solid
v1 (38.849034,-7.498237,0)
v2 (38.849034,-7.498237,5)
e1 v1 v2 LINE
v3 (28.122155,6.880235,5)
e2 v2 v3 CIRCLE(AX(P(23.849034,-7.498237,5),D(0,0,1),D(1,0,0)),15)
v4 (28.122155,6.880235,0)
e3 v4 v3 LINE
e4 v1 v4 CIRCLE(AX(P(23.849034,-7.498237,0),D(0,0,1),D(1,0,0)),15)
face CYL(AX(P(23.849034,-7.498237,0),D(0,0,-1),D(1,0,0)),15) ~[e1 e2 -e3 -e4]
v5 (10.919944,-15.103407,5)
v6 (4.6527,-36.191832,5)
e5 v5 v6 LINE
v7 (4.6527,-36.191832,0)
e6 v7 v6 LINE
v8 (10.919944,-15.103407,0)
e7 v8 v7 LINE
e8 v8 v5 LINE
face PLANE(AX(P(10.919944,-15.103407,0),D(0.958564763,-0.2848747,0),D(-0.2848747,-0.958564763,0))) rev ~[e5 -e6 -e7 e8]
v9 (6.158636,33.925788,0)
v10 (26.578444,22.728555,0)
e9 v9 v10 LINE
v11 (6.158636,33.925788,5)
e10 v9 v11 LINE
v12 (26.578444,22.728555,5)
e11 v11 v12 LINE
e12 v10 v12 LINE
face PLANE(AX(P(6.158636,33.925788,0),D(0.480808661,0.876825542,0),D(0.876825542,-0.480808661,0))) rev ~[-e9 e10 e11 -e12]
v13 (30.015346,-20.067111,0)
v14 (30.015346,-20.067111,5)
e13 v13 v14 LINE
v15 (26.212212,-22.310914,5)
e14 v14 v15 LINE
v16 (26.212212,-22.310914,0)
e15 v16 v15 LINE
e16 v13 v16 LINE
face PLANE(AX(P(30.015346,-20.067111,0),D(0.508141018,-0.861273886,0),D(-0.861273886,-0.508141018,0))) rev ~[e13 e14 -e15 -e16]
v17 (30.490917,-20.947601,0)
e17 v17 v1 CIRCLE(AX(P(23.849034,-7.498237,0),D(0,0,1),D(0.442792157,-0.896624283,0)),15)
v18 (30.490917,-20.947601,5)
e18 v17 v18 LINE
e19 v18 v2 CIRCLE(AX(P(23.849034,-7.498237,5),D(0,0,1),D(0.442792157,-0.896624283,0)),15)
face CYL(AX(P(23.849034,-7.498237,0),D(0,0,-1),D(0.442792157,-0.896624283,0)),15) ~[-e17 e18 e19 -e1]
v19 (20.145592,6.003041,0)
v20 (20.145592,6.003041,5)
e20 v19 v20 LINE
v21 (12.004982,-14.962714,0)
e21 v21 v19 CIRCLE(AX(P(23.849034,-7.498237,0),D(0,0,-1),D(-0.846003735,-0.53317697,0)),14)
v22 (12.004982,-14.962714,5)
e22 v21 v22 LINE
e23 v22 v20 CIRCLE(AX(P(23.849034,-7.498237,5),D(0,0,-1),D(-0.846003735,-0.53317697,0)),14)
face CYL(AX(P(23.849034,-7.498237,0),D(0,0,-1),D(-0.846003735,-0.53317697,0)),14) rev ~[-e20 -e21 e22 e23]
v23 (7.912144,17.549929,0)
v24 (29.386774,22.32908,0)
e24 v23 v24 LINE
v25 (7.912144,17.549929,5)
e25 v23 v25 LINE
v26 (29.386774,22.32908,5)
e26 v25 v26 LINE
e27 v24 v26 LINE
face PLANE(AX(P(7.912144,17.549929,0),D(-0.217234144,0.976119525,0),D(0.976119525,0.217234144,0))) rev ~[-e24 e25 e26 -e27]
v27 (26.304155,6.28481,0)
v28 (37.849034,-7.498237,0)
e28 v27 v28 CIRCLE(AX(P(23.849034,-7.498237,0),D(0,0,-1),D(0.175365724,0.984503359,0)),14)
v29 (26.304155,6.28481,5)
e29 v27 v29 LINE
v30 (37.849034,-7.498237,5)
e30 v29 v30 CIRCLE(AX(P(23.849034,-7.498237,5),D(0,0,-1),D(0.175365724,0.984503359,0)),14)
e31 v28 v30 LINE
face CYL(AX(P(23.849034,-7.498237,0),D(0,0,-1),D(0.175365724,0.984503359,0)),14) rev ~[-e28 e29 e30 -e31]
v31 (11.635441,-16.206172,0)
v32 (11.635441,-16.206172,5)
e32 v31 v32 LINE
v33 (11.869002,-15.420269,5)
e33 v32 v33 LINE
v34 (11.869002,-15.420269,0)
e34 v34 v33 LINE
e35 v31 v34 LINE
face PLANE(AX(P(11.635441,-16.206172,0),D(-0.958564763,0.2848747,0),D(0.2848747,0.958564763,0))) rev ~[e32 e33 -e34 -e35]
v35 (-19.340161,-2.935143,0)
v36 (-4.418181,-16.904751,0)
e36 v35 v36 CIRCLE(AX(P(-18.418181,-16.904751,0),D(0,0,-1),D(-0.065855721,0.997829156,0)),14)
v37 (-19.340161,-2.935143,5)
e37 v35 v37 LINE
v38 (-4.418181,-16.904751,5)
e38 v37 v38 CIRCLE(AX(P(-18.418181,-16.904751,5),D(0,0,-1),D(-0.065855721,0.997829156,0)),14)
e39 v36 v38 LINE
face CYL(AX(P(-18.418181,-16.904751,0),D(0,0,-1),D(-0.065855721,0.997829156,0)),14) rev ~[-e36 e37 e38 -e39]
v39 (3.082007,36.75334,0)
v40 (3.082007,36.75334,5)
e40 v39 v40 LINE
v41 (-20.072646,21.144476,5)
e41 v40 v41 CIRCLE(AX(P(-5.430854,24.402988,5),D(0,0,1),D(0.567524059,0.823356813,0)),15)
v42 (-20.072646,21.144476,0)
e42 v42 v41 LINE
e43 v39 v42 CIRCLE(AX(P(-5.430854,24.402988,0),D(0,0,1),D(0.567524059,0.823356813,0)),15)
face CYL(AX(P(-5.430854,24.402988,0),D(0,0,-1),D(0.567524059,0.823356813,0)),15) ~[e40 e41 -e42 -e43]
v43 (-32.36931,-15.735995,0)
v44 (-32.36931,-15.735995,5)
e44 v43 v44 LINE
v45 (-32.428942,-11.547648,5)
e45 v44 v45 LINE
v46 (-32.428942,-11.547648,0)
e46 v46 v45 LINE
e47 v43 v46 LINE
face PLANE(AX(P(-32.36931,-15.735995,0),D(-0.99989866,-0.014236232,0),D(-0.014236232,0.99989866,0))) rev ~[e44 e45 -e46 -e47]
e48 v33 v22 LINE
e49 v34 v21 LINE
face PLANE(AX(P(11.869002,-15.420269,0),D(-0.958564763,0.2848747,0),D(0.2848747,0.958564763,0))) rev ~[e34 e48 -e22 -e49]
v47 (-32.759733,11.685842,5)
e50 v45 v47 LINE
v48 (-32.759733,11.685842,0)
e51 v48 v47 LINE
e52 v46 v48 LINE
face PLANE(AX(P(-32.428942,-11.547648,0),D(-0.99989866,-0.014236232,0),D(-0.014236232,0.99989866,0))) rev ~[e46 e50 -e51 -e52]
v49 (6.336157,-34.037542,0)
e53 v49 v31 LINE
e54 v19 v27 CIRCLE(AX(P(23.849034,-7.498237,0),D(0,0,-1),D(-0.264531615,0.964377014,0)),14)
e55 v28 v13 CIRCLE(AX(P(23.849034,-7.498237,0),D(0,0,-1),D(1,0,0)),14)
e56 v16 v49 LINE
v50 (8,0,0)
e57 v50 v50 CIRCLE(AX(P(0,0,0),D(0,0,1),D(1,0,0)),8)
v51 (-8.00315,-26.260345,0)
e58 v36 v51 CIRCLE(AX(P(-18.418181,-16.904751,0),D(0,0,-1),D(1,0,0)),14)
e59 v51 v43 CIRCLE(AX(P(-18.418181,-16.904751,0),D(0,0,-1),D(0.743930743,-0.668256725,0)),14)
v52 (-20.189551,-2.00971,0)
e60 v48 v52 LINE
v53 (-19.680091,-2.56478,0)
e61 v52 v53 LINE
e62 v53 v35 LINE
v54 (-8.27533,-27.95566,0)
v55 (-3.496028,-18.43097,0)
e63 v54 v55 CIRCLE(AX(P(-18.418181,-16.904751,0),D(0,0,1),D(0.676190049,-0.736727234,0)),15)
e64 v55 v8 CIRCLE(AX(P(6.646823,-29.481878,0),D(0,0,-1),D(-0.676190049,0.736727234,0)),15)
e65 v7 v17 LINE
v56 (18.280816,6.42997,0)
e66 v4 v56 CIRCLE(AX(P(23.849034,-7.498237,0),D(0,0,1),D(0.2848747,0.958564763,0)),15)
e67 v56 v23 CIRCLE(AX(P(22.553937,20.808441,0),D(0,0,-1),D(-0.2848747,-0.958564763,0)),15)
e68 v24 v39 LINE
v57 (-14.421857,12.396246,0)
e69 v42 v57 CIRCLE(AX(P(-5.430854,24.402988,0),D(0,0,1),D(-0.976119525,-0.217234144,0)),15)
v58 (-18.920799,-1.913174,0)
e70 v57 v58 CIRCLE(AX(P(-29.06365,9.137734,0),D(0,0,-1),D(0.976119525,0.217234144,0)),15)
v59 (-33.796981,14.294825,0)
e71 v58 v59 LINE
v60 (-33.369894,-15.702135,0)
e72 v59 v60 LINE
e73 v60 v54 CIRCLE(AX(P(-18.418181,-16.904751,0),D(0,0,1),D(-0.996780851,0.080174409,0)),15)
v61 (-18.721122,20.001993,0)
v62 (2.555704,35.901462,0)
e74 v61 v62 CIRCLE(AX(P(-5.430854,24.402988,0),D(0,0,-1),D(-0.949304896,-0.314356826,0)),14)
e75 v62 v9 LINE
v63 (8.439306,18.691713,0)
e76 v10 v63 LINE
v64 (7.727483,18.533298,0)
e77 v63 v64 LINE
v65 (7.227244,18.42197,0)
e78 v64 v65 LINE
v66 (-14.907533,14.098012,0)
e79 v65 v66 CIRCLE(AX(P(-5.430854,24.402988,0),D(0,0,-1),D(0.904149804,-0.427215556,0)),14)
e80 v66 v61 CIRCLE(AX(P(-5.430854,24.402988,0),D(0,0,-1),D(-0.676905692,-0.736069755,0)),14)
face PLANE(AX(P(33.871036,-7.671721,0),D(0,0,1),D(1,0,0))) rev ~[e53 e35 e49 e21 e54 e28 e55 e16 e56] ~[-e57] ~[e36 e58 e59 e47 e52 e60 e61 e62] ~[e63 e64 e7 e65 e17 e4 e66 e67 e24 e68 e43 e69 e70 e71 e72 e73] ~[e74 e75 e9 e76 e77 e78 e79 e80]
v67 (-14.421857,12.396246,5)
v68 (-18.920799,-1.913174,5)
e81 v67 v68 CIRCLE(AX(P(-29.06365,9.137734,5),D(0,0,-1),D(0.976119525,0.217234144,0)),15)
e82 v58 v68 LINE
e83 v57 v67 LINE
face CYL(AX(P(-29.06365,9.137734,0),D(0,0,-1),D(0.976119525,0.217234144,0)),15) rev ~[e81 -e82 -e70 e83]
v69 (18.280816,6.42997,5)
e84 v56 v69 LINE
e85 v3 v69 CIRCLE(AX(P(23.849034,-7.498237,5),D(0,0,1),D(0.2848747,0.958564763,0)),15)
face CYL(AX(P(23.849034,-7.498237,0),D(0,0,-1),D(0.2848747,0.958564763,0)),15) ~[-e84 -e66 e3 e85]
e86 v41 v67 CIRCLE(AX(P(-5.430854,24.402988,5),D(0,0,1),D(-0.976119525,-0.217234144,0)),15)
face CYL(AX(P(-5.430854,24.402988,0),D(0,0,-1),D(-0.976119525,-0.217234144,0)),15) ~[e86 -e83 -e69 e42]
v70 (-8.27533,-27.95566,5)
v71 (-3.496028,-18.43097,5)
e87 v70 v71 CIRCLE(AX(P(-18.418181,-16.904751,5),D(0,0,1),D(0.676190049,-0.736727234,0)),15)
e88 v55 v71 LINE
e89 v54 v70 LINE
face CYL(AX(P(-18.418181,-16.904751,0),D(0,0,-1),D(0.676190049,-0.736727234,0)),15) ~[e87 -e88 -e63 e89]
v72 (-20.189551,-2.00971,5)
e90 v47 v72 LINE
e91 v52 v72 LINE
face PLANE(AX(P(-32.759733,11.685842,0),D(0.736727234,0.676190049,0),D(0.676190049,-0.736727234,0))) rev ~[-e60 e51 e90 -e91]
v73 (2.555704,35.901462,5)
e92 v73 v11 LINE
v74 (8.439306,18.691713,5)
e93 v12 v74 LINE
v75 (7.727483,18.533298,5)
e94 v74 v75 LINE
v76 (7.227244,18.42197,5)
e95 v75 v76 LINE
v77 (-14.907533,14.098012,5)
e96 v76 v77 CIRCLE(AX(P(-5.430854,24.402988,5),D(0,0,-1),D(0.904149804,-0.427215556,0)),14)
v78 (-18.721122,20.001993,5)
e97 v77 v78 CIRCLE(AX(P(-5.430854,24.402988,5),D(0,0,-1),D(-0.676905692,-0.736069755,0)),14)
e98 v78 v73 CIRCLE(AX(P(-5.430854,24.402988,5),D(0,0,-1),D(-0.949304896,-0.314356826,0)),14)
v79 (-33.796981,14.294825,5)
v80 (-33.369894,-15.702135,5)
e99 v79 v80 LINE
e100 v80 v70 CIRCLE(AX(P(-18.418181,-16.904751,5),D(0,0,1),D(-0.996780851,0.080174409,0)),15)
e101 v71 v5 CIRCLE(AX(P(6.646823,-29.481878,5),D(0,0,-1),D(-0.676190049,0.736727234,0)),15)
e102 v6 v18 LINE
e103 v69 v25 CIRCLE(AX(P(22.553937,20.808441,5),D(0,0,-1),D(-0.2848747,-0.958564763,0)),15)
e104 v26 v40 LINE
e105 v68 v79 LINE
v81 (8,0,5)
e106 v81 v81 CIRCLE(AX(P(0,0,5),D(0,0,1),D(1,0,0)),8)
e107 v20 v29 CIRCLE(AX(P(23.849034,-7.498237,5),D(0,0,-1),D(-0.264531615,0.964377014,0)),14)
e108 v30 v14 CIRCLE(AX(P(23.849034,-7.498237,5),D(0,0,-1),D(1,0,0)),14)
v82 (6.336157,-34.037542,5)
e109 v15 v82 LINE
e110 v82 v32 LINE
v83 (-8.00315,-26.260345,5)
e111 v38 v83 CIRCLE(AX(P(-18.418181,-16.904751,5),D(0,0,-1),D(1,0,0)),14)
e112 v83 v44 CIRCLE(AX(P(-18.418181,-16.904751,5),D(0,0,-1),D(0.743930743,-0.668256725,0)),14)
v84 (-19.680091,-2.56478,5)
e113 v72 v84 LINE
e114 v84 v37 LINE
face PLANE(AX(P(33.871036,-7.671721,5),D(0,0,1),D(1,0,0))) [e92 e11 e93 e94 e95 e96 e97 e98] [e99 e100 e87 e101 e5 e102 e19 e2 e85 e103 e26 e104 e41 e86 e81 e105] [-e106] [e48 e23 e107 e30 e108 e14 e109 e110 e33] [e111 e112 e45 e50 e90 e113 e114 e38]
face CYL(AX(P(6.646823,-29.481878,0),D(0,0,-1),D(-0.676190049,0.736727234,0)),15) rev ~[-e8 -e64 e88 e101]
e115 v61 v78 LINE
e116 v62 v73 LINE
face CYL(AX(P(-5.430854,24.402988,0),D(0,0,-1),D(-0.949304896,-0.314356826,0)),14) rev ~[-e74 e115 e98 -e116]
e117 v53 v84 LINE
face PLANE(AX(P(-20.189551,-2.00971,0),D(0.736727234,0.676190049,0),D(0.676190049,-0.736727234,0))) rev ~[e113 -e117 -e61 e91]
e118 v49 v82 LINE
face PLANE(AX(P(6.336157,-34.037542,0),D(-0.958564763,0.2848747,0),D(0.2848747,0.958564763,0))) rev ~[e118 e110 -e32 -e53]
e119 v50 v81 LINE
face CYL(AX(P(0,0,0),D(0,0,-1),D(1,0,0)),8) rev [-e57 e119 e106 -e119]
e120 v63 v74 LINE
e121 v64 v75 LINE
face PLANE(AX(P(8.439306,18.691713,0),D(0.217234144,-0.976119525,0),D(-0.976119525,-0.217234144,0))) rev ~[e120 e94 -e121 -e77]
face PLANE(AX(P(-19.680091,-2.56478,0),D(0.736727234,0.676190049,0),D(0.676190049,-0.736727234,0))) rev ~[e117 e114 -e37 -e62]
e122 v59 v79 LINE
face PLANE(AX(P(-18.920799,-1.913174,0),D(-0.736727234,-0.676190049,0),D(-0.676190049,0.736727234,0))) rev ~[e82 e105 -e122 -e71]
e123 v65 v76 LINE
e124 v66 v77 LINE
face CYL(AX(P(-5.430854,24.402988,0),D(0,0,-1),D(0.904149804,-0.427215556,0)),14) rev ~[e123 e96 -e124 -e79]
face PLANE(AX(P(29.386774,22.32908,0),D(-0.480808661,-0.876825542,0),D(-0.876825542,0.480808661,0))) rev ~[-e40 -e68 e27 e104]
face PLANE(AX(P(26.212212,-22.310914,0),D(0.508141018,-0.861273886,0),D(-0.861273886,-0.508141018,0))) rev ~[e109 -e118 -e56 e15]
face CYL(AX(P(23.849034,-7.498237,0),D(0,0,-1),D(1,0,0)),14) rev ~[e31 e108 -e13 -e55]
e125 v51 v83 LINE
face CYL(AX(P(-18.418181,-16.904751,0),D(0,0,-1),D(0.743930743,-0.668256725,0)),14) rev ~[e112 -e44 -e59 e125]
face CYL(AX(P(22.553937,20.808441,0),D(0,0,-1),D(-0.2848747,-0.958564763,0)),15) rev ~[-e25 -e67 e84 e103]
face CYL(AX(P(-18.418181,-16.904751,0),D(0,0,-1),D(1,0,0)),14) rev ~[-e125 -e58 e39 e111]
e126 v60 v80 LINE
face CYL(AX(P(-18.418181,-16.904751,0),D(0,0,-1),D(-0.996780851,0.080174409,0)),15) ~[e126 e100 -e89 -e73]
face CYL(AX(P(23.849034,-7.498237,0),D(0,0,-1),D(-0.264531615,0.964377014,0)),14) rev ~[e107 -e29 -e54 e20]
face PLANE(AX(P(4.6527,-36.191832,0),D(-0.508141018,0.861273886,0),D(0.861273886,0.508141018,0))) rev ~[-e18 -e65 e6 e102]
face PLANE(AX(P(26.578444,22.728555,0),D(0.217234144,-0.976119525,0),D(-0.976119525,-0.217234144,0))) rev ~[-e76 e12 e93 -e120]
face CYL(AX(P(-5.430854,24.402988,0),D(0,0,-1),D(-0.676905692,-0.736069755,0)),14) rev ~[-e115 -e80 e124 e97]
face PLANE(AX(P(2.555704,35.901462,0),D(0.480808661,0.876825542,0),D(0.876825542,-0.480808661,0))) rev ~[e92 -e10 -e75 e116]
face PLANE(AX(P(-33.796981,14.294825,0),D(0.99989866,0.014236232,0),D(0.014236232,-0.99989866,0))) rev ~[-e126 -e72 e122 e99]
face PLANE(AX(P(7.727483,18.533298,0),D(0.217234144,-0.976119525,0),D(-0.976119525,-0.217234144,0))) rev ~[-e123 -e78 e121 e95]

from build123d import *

# Parameters (mm, degrees)
F0_R     = 8
F1_DEPTH = 5


with BuildPart() as f1:
    # F0 (on Top) → F1 (new body)
    with BuildSketch(Plane.XY):
        with BuildLine():
            ThreePointArc((38.8490344373, -7.4982368866), (35.8718628785, 1.471244496), (28.1221549341, 6.8802345627))
            ThreePointArc((28.1221549341, 6.8802345627), (27.2226565904, 6.5535105265), (26.3041545683, 6.2848101329))
            ThreePointArc((26.3041545683, 6.2848101329), (34.5815011117, 1.4914326892), (37.8490344373, -7.4982368866))
            ThreePointArc((37.8490344373, -7.4982368866), (35.7302878123, -14.9033579686), (30.0153461175, -20.0671111506))
            Line((30.0153461175, -20.0671111506), (26.2122119316, -22.3109136241))
            ThreePointArc((26.2122119316, -22.3109136241), (28.4028713862, -21.790282543), (30.4909167926, -20.9476011385))
            ThreePointArc((30.4909167926, -20.9476011385), (36.5892902301, -15.41567854), (38.8490344373, -7.4982368866))
        make_face()
        with BuildLine():
            ThreePointArc((11.6354406408, -16.2061715771), (11.2656060513, -15.6626309275), (10.919943616, -15.1034068738))
            Line((10.919943616, -15.1034068738), (4.6527002207, -36.1918316662))
            Line((4.6527002207, -36.1918316662), (30.4909167926, -20.9476011385))
            ThreePointArc((30.4909167926, -20.9476011385), (28.4028713862, -21.790282543), (26.2122119316, -22.3109136241))
            Line((26.2122119316, -22.3109136241), (6.3361573488, -34.0375417836))
            Line((6.3361573488, -34.0375417836), (11.6354406408, -16.2061715771))
        make_face()
        with BuildLine():
            ThreePointArc((28.1221549341, 6.8802345627), (23.1634660922, 7.4860881247), (18.2808163885, 6.4299700246))
            ThreePointArc((18.2808163885, 6.4299700246), (19.2063911412, 6.1867474035), (20.1455918313, 6.0030413071))
            ThreePointArc((20.1455918313, 6.0030413071), (23.2091706485, 6.4871331239), (26.3041545683, 6.2848101329))
            ThreePointArc((26.3041545683, 6.2848101329), (27.2226565904, 6.5535105265), (28.1221549341, 6.8802345627))
        make_face()
        with BuildLine():
            ThreePointArc((11.8690019815, -15.4202693139), (11.397115524, -15.25392267), (10.919943616, -15.1034068738))
            ThreePointArc((10.919943616, -15.1034068738), (11.2656060513, -15.6626309275), (11.6354406408, -16.2061715771))
            Line((11.6354406408, -16.2061715771), (11.8690019815, -15.4202693139))
        make_face()
        with BuildLine():
            ThreePointArc((20.1455918313, 6.0030413071), (19.2063911412, 6.1867474035), (18.2808163885, 6.4299700246))
            ThreePointArc((18.2808163885, 6.4299700246), (9.655402449, -2.646349524), (10.919943616, -15.1034068738))
            ThreePointArc((10.919943616, -15.1034068738), (11.397115524, -15.25392267), (11.8690019815, -15.4202693139))
            Line((11.8690019815, -15.4202693139), (12.0049821529, -14.9627144628))
            ThreePointArc((12.0049821529, -14.9627144628), (10.7982920028, -2.4308784123), (20.1455918313, 6.0030413071))
        make_face()
        with BuildLine():
            Line((26.5784435042, 22.7285549449), (8.4393064839, 18.6917133525))
            ThreePointArc((8.4393064839, 18.6917133525), (8.1876964566, 18.1152942206), (7.9121440123, 17.5499293192))
            Line((7.9121440123, 17.5499293192), (29.3867735594, 22.3290804795))
            Line((29.3867735594, 22.3290804795), (3.0820072992, 36.7533403216))
            ThreePointArc((3.0820072992, 36.7533403216), (4.7192641816, 35.4472223277), (6.158636429, 33.9257881863))
            Line((6.158636429, 33.9257881863), (26.5784435042, 22.7285549449))
        make_face()
        with BuildLine():
            ThreePointArc((7.9121440123, 17.5499293192), (8.1876964566, 18.1152942206), (8.4393064839, 18.6917133525))
            Line((8.4393064839, 18.6917133525), (7.7274834193, 18.5332980458))
            ThreePointArc((7.7274834193, 18.5332980458), (7.8116121335, 18.0400735592), (7.9121440123, 17.5499293192))
        make_face()
        with BuildLine():
            ThreePointArc((-14.4218573571, 12.3962462122), (-2.0581580843, 9.7870747046), (7.9121440123, 17.5499293192))
            ThreePointArc((7.9121440123, 17.5499293192), (7.8116121335, 18.0400735592), (7.7274834193, 18.5332980458))
            Line((7.7274834193, 18.5332980458), (7.2272436675, 18.421970333))
            ThreePointArc((7.2272436675, 18.421970333), (-2.7467318854, 10.6627009825), (-14.907533277, 14.0980115505))
            ThreePointArc((-14.907533277, 14.0980115505), (-14.6395764677, 13.2542976843), (-14.4218573571, 12.3962462122))
        make_face()
        with BuildLine():
            Line((2.555704028, 35.9014618202), (6.158636429, 33.9257881863))
            ThreePointArc((6.158636429, 33.9257881863), (4.7192641816, 35.4472223277), (3.0820072992, 36.7533403216))
            ThreePointArc((3.0820072992, 36.7533403216), (-13.8153698815, 36.8408290348), (-20.0726464643, 21.144475967))
            ThreePointArc((-20.0726464643, 21.144475967), (-19.3800207125, 20.593183388), (-18.7211221359, 20.0019925512))
            ThreePointArc((-18.7211221359, 20.0019925512), (-13.8112245946, 35.6176830282), (2.555704028, 35.9014618202))
        make_face()
        with BuildLine():
            ThreePointArc((-20.0726464643, 21.144475967), (-18.0308595518, 16.2642013697), (-14.4218573571, 12.3962462122))
            ThreePointArc((-14.4218573571, 12.3962462122), (-14.6395764677, 13.2542976843), (-14.907533277, 14.0980115505))
            ThreePointArc((-14.907533277, 14.0980115505), (-17.1908591544, 16.8067871532), (-18.7211221359, 20.0019925512))
            ThreePointArc((-18.7211221359, 20.0019925512), (-19.3800207125, 20.593183388), (-20.0726464643, 21.144475967))
        make_face()
        with BuildLine():
            ThreePointArc((-8.275330105, -27.9556597428), (-5.0113342557, -23.6320437442), (-3.4960276219, -18.4309698155))
            ThreePointArc((-3.4960276219, -18.4309698155), (-4.1118905803, -19.0296020384), (-4.6924818025, -19.6625013626))
            ThreePointArc((-4.6924818025, -19.6625013626), (-5.9051240284, -23.183557577), (-8.003150447, -26.2603453792))
            ThreePointArc((-8.003150447, -26.2603453792), (-8.1635176407, -27.1041048739), (-8.275330105, -27.9556597428))
        make_face()
        with BuildLine():
            ThreePointArc((-32.4289424962, -11.5476477284), (-33.0476433207, -13.5913198261), (-33.3698936049, -15.7021350969))
            ThreePointArc((-33.3698936049, -15.7021350969), (-24.9998603459, -30.3836790472), (-8.275330105, -27.9556597428))
            ThreePointArc((-8.275330105, -27.9556597428), (-8.1635176407, -27.1041048739), (-8.003150447, -26.2603453792))
            ThreePointArc((-8.003150447, -26.2603453792), (-23.9694406728, -29.7571251146), (-32.3693101655, -15.7359951816))
            Line((-32.3693101655, -15.7359951816), (-32.4289424962, -11.5476477284))
        make_face()
        with BuildLine():
            ThreePointArc((-20.1895506368, -2.0097101454), (-19.5561991387, -1.947983056), (-18.9207994891, -1.9131744502))
            Line((-18.9207994891, -1.9131744502), (-33.796980576, 14.2948246944))
            Line((-33.796980576, 14.2948246944), (-33.3698936049, -15.7021350969))
            ThreePointArc((-33.3698936049, -15.7021350969), (-33.0476433207, -13.5913198261), (-32.4289424962, -11.5476477284))
            Line((-32.4289424962, -11.5476477284), (-32.7597333746, 11.6858418158))
            Line((-32.7597333746, 11.6858418158), (-20.1895506368, -2.0097101454))
        make_face()
        with BuildLine():
            ThreePointArc((-19.6800914911, -2.5647795781), (-19.2950109131, -2.2453097311), (-18.9207994891, -1.9131744502))
            ThreePointArc((-18.9207994891, -1.9131744502), (-19.5561991387, -1.947983056), (-20.1895506368, -2.0097101454))
            Line((-20.1895506368, -2.0097101454), (-19.6800914911, -2.5647795781))
        make_face()
        with BuildLine():
            ThreePointArc((-3.4181808461, -16.9047512351), (-7.9907957387, -6.1219111722), (-18.9207994891, -1.9131744502))
            ThreePointArc((-18.9207994891, -1.9131744502), (-19.2950109131, -2.2453097311), (-19.6800914911, -2.5647795781))
            Line((-19.6800914911, -2.5647795781), (-19.340160936, -2.9351430547))
            ThreePointArc((-19.340160936, -2.9351430547), (-8.8502061716, -6.6844840845), (-4.4181808461, -16.9047512351))
            ThreePointArc((-4.4181808461, -16.9047512351), (-4.4869248616, -18.2904303809), (-4.6924818025, -19.6625013626))
            ThreePointArc((-4.6924818025, -19.6625013626), (-4.1118905803, -19.0296020384), (-3.4960276219, -18.4309698155))
            ThreePointArc((-3.4960276219, -18.4309698155), (-3.4376551817, -17.6688525497), (-3.4181808461, -16.9047512351))
        make_face()
        with BuildLine():
            ThreePointArc((18.2808163885, 6.4299700246), (11.5832094425, 10.578918544), (7.9121440123, 17.5499293192))
            ThreePointArc((7.9121440123, 17.5499293192), (-2.0581580843, 9.7870747046), (-14.4218573571, 12.3962462122))
            ThreePointArc((-14.4218573571, 12.3962462122), (-14.7542295678, 4.6387919255), (-18.9207994891, -1.9131744502))
            ThreePointArc((-18.9207994891, -1.9131744502), (-7.9907957387, -6.1219111722), (-3.4181808461, -16.9047512351))
            ThreePointArc((-3.4181808461, -16.9047512351), (-3.4376551817, -17.6688525497), (-3.4960276219, -18.4309698155))
            ThreePointArc((-3.4960276219, -18.4309698155), (3.2731601147, -14.8661881946), (10.919943616, -15.1034068738))
            ThreePointArc((10.919943616, -15.1034068738), (9.655402449, -2.646349524), (18.2808163885, 6.4299700246))
        make_face()
        Circle(F0_R, mode=Mode.SUBTRACT)
    extrude(amount=F1_DEPTH)


solid = f1.part
